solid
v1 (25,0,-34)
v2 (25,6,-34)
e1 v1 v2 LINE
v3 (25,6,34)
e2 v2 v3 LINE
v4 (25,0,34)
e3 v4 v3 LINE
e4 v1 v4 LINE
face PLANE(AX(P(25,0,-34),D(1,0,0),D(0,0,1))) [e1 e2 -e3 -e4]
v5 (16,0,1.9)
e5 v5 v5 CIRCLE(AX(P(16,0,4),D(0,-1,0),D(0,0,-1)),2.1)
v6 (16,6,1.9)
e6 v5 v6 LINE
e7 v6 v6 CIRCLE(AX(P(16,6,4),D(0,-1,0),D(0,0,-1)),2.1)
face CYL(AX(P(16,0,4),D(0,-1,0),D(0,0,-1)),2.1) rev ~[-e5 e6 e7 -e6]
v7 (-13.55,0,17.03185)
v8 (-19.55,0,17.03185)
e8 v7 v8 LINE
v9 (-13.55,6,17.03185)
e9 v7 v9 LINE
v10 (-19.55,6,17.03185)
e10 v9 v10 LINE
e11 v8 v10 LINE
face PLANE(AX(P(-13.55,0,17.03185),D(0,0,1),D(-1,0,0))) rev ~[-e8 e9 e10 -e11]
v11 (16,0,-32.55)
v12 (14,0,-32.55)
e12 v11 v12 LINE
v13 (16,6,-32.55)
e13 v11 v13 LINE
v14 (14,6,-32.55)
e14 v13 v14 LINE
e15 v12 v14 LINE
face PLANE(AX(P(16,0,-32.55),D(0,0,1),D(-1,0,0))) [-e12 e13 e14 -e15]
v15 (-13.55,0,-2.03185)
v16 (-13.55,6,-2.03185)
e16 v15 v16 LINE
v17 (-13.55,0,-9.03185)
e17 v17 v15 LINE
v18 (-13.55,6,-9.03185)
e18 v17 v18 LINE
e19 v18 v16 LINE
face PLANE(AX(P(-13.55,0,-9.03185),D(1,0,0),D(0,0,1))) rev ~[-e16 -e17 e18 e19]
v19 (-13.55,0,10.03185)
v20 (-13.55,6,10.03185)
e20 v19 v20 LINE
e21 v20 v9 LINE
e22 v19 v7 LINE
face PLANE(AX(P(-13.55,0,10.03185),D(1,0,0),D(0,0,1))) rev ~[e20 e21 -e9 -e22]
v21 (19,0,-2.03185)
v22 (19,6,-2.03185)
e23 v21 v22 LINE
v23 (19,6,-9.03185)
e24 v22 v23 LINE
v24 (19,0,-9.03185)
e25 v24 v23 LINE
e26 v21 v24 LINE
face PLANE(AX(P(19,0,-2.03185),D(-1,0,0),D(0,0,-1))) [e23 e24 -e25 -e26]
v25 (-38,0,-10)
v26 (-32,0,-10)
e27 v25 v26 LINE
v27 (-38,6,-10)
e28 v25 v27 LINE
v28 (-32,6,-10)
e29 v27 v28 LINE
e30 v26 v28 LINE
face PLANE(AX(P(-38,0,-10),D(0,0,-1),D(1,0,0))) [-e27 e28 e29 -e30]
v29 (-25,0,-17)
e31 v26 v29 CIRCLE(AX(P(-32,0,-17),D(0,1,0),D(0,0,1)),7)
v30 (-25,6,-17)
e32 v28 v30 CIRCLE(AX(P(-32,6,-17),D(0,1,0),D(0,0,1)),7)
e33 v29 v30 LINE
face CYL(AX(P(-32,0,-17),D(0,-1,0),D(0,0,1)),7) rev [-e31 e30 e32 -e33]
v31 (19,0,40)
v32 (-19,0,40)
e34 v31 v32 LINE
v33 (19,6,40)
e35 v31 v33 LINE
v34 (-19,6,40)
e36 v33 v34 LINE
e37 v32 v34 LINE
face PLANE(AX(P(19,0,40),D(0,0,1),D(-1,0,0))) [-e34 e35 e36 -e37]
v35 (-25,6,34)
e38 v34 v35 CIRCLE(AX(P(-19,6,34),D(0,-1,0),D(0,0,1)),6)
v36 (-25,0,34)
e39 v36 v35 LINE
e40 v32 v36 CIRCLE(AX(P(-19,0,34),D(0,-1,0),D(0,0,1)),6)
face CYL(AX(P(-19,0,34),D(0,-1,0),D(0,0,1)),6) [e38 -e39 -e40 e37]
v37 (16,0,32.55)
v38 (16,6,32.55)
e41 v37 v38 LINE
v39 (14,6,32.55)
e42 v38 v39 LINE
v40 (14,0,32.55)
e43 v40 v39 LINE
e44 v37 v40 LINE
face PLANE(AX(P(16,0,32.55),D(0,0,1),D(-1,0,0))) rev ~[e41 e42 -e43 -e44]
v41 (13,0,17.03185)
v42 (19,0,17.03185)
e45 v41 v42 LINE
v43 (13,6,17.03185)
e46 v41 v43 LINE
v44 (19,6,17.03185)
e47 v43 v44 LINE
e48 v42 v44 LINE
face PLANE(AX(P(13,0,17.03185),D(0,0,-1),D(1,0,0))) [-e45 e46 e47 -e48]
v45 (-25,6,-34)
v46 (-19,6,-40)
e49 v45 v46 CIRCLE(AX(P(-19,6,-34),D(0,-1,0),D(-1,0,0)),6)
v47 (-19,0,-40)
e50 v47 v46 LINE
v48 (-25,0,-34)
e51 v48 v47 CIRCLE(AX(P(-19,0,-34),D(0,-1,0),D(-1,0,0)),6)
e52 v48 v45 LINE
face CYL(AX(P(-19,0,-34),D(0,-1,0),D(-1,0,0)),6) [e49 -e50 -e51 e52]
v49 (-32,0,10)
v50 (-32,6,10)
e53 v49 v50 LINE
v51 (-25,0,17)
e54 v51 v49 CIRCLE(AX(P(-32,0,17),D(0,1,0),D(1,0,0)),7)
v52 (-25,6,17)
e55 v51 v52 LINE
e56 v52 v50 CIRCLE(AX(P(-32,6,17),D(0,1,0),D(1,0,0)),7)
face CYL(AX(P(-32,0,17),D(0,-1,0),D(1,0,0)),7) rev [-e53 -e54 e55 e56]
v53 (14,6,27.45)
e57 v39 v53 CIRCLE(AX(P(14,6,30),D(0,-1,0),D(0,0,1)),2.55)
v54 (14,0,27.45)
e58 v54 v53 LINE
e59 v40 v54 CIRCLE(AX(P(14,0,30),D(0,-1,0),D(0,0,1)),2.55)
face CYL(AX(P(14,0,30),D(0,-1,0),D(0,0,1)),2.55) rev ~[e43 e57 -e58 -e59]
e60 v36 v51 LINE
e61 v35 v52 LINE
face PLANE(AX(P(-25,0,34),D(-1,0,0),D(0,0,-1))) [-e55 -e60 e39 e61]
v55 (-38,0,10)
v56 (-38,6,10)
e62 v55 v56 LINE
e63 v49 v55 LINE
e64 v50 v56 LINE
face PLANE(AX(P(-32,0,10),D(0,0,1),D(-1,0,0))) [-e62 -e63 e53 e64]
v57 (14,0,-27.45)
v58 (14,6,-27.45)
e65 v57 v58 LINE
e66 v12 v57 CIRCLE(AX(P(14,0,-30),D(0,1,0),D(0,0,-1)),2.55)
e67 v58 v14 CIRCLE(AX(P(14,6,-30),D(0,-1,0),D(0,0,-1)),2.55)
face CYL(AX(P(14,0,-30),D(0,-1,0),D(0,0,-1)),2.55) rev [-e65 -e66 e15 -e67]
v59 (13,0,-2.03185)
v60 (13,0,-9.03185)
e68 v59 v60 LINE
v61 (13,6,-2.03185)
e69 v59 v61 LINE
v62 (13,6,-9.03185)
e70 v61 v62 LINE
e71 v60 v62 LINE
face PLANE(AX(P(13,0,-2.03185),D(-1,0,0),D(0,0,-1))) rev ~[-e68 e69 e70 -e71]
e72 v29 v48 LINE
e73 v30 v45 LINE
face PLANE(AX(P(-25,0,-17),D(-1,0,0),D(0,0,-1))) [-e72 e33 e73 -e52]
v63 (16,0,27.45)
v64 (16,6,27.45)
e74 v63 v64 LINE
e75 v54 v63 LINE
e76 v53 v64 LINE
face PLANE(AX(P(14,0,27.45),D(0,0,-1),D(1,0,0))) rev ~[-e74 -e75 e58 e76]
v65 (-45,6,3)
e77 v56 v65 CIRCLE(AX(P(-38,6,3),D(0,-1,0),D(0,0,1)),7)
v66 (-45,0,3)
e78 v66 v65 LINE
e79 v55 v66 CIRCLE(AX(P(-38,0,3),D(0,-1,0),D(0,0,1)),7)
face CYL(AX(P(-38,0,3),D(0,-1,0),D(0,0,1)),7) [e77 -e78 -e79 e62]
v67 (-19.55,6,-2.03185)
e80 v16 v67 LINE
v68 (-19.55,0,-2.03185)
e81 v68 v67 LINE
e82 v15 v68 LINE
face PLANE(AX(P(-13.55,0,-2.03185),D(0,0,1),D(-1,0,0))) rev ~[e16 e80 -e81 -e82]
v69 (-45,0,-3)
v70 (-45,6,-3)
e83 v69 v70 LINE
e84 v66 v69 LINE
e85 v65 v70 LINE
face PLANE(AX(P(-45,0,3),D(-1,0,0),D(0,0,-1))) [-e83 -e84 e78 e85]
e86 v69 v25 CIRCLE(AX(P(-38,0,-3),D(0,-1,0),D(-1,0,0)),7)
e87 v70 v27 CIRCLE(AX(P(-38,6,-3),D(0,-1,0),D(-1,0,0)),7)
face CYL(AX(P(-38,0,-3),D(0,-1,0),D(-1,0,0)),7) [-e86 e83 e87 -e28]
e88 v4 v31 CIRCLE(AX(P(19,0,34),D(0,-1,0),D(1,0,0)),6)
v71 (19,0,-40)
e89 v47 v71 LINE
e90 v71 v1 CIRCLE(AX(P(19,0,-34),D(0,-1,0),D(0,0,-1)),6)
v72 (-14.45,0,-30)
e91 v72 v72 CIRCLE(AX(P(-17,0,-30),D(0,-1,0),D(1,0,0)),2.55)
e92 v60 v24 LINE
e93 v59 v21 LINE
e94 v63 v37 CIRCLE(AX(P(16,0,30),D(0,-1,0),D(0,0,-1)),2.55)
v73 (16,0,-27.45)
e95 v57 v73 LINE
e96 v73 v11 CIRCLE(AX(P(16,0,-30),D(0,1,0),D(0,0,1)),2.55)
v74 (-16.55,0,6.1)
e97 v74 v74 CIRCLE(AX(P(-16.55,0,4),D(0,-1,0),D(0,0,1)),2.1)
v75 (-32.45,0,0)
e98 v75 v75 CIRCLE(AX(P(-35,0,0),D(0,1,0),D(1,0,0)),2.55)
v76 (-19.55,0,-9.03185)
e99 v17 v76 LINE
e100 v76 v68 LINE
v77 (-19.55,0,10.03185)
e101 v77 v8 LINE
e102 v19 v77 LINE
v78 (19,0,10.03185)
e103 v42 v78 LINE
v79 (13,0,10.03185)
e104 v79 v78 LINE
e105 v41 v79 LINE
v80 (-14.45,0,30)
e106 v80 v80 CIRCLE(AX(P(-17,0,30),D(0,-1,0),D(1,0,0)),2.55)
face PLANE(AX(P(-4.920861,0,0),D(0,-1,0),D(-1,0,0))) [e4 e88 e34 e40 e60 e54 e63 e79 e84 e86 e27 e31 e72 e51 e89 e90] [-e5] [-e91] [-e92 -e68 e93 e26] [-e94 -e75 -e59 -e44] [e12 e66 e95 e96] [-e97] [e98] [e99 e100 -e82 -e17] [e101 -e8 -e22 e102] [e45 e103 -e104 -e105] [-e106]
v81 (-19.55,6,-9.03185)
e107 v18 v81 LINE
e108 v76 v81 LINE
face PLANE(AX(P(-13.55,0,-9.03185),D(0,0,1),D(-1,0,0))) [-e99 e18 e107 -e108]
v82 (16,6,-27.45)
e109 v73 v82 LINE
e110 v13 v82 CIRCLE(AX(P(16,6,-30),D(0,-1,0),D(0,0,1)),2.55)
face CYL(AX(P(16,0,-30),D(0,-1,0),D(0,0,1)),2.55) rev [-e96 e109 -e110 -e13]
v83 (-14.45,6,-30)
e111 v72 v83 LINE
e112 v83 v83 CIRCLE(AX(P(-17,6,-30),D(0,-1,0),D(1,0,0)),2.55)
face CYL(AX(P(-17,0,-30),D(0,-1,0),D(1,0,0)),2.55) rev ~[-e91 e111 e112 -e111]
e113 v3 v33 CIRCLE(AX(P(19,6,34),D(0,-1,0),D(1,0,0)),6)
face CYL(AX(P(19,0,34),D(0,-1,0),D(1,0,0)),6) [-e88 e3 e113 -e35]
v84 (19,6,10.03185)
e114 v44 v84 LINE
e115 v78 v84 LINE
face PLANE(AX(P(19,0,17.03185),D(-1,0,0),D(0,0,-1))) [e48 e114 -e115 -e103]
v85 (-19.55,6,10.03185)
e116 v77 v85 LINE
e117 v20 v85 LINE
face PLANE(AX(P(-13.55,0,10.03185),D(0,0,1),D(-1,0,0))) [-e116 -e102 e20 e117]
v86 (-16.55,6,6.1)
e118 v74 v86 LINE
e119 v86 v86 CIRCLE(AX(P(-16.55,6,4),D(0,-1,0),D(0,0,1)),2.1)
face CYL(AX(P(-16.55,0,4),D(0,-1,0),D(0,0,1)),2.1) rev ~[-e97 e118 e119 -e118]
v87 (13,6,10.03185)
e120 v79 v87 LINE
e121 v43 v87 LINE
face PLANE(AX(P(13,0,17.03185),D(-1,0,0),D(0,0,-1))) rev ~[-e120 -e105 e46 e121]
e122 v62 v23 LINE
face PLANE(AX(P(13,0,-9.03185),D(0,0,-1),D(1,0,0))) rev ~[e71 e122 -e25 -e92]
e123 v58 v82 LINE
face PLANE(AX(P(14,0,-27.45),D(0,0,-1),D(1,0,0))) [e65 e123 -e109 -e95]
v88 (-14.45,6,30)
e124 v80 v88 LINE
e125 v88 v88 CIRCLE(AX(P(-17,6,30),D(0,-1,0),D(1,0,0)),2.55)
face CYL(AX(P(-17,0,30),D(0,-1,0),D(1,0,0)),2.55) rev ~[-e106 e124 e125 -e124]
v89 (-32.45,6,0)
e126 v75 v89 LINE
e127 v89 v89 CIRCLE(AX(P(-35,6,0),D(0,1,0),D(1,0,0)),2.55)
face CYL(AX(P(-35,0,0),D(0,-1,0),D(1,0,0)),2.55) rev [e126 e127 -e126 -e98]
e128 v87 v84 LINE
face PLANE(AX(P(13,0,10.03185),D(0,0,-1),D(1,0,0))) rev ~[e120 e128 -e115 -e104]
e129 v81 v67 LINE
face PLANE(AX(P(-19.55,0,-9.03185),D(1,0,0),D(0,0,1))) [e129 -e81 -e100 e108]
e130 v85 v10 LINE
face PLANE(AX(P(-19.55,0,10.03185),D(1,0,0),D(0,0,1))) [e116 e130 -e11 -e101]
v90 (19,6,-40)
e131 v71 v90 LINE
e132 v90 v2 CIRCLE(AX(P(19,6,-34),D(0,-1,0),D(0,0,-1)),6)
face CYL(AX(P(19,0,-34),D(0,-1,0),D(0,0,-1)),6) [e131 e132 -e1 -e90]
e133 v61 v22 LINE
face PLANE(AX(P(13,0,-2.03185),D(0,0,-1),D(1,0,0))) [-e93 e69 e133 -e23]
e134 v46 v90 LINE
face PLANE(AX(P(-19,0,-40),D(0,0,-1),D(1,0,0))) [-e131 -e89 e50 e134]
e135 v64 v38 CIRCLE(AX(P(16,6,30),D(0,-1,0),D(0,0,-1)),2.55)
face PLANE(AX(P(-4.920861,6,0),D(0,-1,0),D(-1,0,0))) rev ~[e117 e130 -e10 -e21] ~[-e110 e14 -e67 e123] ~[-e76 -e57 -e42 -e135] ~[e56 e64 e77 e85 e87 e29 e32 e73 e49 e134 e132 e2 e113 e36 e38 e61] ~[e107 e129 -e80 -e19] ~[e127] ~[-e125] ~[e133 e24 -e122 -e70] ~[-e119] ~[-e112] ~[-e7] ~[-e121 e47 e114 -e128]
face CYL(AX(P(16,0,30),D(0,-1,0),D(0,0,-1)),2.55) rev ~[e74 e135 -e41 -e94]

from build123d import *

# Parameters (mm, degrees)
SKETCH_1_R           = 2.55
EXTRUDE_1_DEPTH      = 6
SKETCH_2_R           = 2.55
CUT_EXTRUDE_1_DEPTH  = 7
SKETCH_3_R           = 2.1
SKETCH_3_W           = 7
SKETCH_3_H           = 6
CUT_EXTRUDE_11_DEPTH = 7
SKETCH_31_R          = 2.1
SKETCH_31_W          = 7
SKETCH_31_H          = 6
CUT_EXTRUDE_12_DEPTH = 7


with BuildPart() as part:
    # Эскиз1 → Бобышка-Вытянуть1 (new body)
    with BuildSketch(Plane(origin=(0, 0, 0), x_dir=(1, 0, 0), z_dir=(0, 1, 0))):
        with BuildLine():
            Line((-32, -10), (-38, -10))
            ThreePointArc((-38, -10), (-42.949747468, -7.949747468), (-45, -3))
            Line((-45, -3), (-45, 3))
            ThreePointArc((-45, 3), (-42.949747468, 7.949747468), (-38, 10))
            Line((-38, 10), (-32, 10))
            ThreePointArc((-32, 10), (-27.050252532, 12.050252532), (-25, 17))
            Line((-25, 17), (-25, 34))
            ThreePointArc((-25, 34), (-23.242640687, 38.242640687), (-19, 40))
            Line((-19, 40), (19, 40))
            ThreePointArc((19, 40), (23.242640687, 38.242640687), (25, 34))
            Line((25, 34), (25, -34))
            ThreePointArc((25, -34), (23.242640687, -38.242640687), (19, -40))
            Line((19, -40), (-19, -40))
            ThreePointArc((-19, -40), (-23.242640687, -38.242640687), (-25, -34))
            Line((-25, -34), (-25, -17))
            ThreePointArc((-25, -17), (-27.050252532, -12.050252532), (-32, -10))
        make_face()
        with Locations((-35, 0)):
            Circle(SKETCH_1_R, mode=Mode.SUBTRACT)
    extrude(amount=EXTRUDE_1_DEPTH)

    # Эскиз2 → Вырез-Вытянуть1 (cut, through all)
    with BuildSketch(Plane.XZ):
        with Locations((-17, -30)):
            Circle(SKETCH_2_R)
        with Locations((-17, 30)):
            Circle(SKETCH_2_R)
        with BuildLine():
            Line((16, -32.55), (14, -32.55))
            ThreePointArc((14, -32.55), (11.45, -30), (14, -27.45))
            Line((14, -27.45), (16, -27.45))
            ThreePointArc((16, -27.45), (18.55, -30), (16, -32.55))
        make_face()
        with BuildLine():
            Line((16, 32.55), (14, 32.55))
            ThreePointArc((14, 32.55), (11.45, 30), (14, 27.45))
            Line((14, 27.45), (16, 27.45))
            ThreePointArc((16, 27.45), (18.55, 30), (16, 32.55))
        make_face()
    extrude(amount=-CUT_EXTRUDE_1_DEPTH, mode=Mode.SUBTRACT)

    # Эскиз3 → Вырез-Вытянуть11 (cut, through all)
    with BuildSketch(Plane(origin=(-31, 0, 4), x_dir=(0, 0, -1), z_dir=(0, -1, 0))):
        with Locations((0, 47)):
            Circle(SKETCH_3_R)
        with Locations((9.531849908, 47)):
            Rectangle(SKETCH_3_W, SKETCH_3_H)
        with Locations((-9.531849908, 47)):
            Rectangle(SKETCH_3_W, SKETCH_3_H)
    extrude(amount=-CUT_EXTRUDE_11_DEPTH, mode=Mode.SUBTRACT)

    # Эскиз31 → Вырез-Вытянуть12 (cut, through all)
    with BuildSketch(Plane(origin=(30.45, 0, 4), x_dir=(0, 0, 1), z_dir=(0, -1, 0))):
        with Locations((0, 47)):
            Circle(SKETCH_31_R)
        with Locations((9.531849908, 47)):
            Rectangle(SKETCH_31_W, SKETCH_31_H)
        with Locations((-9.531849908, 47)):
            Rectangle(SKETCH_31_W, SKETCH_31_H)
    extrude(amount=-CUT_EXTRUDE_12_DEPTH, mode=Mode.SUBTRACT)


solid = part.part
